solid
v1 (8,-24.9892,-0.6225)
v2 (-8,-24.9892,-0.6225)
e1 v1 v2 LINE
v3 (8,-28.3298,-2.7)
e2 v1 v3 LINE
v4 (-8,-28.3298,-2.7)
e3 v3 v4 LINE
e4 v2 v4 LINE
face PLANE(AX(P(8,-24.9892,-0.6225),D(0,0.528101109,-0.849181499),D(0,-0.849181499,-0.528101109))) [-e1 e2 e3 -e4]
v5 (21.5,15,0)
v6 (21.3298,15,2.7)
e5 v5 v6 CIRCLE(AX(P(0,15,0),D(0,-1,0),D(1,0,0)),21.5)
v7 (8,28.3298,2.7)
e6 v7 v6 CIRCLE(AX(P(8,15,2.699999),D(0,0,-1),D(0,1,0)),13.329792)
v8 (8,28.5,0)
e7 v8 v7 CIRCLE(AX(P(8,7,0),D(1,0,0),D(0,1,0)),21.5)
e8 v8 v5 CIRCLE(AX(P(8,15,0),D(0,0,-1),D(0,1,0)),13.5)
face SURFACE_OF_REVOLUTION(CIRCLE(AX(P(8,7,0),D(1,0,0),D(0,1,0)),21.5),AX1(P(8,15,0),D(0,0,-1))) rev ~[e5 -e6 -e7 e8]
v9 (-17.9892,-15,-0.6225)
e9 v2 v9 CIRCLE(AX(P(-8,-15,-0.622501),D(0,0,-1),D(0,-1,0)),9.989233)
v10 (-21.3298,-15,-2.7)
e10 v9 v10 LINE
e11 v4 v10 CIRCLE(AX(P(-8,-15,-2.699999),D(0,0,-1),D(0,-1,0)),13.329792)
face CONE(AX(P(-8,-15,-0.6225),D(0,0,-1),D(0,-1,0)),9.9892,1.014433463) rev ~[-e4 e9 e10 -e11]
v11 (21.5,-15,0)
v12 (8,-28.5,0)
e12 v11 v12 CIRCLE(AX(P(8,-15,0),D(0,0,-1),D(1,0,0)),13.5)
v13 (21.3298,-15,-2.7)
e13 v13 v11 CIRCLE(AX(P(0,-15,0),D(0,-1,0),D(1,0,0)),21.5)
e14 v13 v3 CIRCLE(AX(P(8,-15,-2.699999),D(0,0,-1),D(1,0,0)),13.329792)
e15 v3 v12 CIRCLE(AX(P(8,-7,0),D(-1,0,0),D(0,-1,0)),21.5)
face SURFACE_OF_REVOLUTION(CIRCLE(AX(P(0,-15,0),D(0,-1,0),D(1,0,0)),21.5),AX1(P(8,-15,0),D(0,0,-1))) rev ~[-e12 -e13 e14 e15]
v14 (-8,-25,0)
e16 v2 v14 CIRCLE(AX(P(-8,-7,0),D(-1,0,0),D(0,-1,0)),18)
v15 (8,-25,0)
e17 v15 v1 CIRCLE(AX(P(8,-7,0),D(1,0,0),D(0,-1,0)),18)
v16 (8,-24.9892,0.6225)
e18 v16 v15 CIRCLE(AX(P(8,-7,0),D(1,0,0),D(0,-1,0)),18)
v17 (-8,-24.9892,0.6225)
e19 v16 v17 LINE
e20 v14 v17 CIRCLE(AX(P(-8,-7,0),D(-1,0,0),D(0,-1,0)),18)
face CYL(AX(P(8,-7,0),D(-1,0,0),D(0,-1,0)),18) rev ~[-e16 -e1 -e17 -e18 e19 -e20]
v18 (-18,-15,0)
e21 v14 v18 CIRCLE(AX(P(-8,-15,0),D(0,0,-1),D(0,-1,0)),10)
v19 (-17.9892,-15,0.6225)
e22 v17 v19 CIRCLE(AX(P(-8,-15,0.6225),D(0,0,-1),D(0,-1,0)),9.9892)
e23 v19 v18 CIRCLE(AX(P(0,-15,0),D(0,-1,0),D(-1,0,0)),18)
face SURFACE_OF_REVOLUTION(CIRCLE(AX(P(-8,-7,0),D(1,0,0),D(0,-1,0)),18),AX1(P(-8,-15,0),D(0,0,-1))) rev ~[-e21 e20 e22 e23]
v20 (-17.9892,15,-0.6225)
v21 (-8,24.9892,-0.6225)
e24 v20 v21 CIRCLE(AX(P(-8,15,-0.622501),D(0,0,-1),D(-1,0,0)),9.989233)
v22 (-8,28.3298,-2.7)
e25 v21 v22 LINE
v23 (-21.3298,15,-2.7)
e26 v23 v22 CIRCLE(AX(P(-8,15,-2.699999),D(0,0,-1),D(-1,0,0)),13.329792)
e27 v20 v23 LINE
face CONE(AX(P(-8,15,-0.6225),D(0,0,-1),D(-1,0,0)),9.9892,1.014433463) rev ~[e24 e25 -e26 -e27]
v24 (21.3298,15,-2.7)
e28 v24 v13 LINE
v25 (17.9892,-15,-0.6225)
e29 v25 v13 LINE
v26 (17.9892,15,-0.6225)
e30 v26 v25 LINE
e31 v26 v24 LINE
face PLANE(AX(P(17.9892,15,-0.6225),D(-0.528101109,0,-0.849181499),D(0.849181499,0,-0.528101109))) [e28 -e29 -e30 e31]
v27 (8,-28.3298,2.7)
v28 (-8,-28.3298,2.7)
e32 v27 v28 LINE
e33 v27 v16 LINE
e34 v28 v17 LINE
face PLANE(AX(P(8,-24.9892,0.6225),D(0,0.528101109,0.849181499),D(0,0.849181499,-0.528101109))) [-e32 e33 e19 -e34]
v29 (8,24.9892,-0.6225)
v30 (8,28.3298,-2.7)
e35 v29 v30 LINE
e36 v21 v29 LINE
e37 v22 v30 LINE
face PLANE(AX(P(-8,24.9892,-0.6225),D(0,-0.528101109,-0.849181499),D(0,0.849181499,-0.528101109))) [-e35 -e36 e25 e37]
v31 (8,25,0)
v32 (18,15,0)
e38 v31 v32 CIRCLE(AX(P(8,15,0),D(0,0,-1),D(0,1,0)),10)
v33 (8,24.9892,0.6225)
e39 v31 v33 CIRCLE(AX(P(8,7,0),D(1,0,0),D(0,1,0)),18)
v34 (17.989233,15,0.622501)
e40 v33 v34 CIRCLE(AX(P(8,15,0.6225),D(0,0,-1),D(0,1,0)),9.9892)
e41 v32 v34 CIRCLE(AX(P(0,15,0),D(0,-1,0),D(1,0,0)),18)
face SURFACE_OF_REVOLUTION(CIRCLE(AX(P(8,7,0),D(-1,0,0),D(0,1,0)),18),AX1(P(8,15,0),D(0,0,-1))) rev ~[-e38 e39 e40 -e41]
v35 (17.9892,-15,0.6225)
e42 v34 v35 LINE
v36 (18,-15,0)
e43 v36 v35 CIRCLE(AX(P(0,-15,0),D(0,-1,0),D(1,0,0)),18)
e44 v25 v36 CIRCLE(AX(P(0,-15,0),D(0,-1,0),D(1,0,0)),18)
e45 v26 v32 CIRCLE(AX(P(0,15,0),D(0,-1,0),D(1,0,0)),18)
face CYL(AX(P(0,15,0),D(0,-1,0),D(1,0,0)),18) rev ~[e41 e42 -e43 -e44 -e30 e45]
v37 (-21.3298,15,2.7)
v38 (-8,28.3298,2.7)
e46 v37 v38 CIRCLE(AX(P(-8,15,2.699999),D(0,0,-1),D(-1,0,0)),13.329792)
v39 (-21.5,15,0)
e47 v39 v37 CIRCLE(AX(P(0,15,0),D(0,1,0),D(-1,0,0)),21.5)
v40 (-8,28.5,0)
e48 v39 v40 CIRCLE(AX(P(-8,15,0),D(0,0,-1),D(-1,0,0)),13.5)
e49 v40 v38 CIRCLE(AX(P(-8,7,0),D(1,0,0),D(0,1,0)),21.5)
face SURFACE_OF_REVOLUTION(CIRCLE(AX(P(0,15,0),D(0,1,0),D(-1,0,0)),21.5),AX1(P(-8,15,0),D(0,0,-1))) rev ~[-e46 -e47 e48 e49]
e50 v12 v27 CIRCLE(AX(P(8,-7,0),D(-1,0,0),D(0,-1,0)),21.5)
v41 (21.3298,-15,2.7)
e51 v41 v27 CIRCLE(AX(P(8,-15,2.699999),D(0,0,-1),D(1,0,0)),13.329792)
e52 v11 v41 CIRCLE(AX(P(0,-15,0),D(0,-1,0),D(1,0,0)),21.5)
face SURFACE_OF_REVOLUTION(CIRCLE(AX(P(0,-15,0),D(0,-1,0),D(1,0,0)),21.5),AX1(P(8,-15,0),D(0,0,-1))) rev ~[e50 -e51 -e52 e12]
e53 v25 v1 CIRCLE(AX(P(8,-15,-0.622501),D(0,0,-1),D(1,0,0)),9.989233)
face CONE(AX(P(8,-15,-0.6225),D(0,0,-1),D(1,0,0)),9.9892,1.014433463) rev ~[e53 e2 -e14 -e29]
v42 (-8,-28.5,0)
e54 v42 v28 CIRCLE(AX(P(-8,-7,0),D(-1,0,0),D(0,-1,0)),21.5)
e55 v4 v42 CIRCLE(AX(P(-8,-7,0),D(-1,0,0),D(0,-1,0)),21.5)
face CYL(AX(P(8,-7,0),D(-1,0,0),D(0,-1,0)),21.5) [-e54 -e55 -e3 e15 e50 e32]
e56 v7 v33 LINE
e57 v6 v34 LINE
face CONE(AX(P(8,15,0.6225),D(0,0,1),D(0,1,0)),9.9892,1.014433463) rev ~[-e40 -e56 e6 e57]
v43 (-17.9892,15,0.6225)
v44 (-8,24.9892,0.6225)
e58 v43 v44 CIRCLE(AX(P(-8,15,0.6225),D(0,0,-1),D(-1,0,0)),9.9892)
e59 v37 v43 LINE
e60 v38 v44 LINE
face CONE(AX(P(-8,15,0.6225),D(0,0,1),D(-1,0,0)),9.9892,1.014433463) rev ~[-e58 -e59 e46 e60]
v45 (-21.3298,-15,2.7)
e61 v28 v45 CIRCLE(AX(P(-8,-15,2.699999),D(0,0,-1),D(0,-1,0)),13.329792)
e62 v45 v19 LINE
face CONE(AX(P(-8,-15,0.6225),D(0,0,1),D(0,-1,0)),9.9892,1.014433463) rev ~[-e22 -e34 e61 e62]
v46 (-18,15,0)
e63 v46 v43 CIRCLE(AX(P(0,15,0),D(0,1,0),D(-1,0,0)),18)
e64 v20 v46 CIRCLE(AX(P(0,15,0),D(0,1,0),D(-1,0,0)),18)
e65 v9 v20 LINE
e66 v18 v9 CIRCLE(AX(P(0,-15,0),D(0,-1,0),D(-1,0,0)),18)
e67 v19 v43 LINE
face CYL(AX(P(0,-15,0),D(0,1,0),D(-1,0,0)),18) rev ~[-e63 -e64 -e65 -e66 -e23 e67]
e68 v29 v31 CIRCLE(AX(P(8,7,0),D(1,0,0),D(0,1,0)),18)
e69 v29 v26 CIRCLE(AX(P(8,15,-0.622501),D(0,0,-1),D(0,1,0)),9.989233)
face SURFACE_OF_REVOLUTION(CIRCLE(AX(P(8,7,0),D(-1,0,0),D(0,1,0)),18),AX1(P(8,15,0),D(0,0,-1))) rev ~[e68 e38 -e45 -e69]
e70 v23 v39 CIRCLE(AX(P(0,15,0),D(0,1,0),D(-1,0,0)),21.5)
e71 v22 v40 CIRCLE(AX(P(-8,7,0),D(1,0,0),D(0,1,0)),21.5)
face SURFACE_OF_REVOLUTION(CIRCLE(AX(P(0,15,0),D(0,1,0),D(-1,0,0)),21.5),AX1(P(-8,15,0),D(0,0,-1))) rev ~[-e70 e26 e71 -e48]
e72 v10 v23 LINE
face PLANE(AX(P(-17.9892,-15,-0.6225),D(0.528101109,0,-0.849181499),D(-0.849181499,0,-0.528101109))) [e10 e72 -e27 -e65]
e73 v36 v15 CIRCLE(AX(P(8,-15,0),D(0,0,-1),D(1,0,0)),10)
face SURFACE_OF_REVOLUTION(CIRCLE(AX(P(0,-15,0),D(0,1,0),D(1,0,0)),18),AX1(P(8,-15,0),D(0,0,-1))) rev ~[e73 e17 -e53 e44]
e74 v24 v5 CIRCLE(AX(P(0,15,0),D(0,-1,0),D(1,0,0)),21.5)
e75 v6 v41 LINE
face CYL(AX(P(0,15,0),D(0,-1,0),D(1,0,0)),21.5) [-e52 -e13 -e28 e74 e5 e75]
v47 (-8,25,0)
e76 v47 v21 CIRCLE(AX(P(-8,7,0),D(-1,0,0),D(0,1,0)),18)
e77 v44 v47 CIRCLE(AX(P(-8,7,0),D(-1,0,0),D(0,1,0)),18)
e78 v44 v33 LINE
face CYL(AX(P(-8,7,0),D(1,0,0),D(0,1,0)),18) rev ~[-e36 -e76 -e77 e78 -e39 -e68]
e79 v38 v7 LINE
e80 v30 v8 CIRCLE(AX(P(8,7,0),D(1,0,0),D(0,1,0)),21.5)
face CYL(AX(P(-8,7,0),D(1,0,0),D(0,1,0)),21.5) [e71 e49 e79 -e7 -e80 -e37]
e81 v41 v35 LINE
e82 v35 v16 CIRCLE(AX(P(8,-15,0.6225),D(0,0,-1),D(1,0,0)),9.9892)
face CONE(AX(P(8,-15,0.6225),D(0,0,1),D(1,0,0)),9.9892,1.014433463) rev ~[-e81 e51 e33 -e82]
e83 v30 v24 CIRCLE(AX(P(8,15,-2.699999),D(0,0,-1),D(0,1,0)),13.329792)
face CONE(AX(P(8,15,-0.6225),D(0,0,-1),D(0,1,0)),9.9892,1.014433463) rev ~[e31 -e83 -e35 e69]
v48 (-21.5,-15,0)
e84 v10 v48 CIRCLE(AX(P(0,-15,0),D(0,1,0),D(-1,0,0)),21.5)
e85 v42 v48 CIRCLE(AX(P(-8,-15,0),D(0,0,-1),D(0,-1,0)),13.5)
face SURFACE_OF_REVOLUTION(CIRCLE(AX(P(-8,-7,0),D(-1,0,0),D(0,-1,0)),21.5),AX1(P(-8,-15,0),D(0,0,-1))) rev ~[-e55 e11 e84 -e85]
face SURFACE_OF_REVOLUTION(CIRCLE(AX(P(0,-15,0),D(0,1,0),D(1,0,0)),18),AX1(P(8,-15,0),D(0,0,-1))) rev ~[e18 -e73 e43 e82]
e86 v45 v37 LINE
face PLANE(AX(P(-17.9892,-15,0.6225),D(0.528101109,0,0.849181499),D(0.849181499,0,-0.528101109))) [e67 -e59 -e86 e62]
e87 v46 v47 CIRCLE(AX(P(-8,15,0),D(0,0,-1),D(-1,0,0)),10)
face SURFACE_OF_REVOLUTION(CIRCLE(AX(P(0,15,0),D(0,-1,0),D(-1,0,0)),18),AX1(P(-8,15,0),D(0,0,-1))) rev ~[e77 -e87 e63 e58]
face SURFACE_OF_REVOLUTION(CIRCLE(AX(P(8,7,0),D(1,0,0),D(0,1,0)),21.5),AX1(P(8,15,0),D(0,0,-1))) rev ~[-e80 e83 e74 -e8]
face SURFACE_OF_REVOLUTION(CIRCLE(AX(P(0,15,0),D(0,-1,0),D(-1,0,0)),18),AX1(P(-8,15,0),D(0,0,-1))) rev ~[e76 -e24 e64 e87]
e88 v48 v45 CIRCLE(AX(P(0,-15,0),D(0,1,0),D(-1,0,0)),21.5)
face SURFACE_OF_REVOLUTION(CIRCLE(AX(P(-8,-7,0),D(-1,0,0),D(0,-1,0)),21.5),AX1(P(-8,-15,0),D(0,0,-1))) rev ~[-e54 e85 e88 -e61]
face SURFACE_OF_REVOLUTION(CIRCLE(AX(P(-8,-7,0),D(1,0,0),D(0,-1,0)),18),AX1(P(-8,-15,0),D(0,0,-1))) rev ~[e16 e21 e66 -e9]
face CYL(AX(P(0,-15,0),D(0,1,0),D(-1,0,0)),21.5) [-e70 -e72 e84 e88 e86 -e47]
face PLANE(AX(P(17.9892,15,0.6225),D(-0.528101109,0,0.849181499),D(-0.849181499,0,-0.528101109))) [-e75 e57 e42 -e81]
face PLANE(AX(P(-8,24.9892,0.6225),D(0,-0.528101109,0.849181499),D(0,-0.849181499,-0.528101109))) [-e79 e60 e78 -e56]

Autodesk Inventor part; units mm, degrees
ref_plane "YZ Plane" through (0, 0, 0) normal (1, 0, 0) x (0, 1, 0)
ref_plane "XZ Plane" through (0, 0, 0) normal (0, 1, 0) x (-1, 0, 0)
ref_plane "XY Plane" through (0, 0, 0) normal (0, 0, 1) x (1, 0, 0)
sketch "Szkic1" plane through (0, 0, 0) normal (0, 1, 0) x (-1, 0, 0)
  line L0 (30.1, 0) -> (-30.1, 0) projected
  circle A0 centre (0, 0) radius 18
  circle A1 centre (0, 0) radius 21.5
  line L1 (17.9892, -0.6225) -> (21.3298, -2.7)
  line L2 (17.9892, 0.6225) -> (21.3298, 2.7)
  point P0 (21.3298, 2.7)
  point P1 (17.9892, 0.6225)
  dimension "d4" = 43
  dimension "d5" = 36
  dimension "d6" = 5.4
  dimension "d7" = 1.245
sketch3d "Szkic 3D2"
  line L0 (18, 15, 0) -> (18, -15, 0)
  arc A0 (18, -15, 0) -> (8, -25, 0) centre (8, -15, 0) ccw
  line L1 (8, -25, 0) -> (-8, -25, 0)
  arc A1 (-8, -25, 0) -> (-18, -15, 0) centre (-8, -15, 0) ccw
  line L2 (-18, -15, 0) -> (-18, 15, 0)
  arc A2 (-18, 15, 0) -> (-8, 25, 0) centre (-8, 15, 0) ccw
  line L3 (-8, 25, 0) -> (8, 25, 0)
  arc A3 (8, 25, 0) -> (18, 15, 0) centre (8, 15, 0) ccw
  dimension "d9" = 50
  dimension "d10" = 36
  dimension "d11" = 10
  dimension "d12" = 10
  dimension "d13" = 10
  dimension "d14" = 10
sweep "Przeciągnięcie2" add profiles "Szkic1" path "Szkic 3D2" picked at (20.2478, -1.7084) picked at (20.2478, 1.7084) contours A1 L1 A0 L0 | L0 A0 L2 A1
equation "\"d12\" = d11"
equation "\"d13\" = d11"
equation "\"d14\" = d11"
properties part number "single_coil"
